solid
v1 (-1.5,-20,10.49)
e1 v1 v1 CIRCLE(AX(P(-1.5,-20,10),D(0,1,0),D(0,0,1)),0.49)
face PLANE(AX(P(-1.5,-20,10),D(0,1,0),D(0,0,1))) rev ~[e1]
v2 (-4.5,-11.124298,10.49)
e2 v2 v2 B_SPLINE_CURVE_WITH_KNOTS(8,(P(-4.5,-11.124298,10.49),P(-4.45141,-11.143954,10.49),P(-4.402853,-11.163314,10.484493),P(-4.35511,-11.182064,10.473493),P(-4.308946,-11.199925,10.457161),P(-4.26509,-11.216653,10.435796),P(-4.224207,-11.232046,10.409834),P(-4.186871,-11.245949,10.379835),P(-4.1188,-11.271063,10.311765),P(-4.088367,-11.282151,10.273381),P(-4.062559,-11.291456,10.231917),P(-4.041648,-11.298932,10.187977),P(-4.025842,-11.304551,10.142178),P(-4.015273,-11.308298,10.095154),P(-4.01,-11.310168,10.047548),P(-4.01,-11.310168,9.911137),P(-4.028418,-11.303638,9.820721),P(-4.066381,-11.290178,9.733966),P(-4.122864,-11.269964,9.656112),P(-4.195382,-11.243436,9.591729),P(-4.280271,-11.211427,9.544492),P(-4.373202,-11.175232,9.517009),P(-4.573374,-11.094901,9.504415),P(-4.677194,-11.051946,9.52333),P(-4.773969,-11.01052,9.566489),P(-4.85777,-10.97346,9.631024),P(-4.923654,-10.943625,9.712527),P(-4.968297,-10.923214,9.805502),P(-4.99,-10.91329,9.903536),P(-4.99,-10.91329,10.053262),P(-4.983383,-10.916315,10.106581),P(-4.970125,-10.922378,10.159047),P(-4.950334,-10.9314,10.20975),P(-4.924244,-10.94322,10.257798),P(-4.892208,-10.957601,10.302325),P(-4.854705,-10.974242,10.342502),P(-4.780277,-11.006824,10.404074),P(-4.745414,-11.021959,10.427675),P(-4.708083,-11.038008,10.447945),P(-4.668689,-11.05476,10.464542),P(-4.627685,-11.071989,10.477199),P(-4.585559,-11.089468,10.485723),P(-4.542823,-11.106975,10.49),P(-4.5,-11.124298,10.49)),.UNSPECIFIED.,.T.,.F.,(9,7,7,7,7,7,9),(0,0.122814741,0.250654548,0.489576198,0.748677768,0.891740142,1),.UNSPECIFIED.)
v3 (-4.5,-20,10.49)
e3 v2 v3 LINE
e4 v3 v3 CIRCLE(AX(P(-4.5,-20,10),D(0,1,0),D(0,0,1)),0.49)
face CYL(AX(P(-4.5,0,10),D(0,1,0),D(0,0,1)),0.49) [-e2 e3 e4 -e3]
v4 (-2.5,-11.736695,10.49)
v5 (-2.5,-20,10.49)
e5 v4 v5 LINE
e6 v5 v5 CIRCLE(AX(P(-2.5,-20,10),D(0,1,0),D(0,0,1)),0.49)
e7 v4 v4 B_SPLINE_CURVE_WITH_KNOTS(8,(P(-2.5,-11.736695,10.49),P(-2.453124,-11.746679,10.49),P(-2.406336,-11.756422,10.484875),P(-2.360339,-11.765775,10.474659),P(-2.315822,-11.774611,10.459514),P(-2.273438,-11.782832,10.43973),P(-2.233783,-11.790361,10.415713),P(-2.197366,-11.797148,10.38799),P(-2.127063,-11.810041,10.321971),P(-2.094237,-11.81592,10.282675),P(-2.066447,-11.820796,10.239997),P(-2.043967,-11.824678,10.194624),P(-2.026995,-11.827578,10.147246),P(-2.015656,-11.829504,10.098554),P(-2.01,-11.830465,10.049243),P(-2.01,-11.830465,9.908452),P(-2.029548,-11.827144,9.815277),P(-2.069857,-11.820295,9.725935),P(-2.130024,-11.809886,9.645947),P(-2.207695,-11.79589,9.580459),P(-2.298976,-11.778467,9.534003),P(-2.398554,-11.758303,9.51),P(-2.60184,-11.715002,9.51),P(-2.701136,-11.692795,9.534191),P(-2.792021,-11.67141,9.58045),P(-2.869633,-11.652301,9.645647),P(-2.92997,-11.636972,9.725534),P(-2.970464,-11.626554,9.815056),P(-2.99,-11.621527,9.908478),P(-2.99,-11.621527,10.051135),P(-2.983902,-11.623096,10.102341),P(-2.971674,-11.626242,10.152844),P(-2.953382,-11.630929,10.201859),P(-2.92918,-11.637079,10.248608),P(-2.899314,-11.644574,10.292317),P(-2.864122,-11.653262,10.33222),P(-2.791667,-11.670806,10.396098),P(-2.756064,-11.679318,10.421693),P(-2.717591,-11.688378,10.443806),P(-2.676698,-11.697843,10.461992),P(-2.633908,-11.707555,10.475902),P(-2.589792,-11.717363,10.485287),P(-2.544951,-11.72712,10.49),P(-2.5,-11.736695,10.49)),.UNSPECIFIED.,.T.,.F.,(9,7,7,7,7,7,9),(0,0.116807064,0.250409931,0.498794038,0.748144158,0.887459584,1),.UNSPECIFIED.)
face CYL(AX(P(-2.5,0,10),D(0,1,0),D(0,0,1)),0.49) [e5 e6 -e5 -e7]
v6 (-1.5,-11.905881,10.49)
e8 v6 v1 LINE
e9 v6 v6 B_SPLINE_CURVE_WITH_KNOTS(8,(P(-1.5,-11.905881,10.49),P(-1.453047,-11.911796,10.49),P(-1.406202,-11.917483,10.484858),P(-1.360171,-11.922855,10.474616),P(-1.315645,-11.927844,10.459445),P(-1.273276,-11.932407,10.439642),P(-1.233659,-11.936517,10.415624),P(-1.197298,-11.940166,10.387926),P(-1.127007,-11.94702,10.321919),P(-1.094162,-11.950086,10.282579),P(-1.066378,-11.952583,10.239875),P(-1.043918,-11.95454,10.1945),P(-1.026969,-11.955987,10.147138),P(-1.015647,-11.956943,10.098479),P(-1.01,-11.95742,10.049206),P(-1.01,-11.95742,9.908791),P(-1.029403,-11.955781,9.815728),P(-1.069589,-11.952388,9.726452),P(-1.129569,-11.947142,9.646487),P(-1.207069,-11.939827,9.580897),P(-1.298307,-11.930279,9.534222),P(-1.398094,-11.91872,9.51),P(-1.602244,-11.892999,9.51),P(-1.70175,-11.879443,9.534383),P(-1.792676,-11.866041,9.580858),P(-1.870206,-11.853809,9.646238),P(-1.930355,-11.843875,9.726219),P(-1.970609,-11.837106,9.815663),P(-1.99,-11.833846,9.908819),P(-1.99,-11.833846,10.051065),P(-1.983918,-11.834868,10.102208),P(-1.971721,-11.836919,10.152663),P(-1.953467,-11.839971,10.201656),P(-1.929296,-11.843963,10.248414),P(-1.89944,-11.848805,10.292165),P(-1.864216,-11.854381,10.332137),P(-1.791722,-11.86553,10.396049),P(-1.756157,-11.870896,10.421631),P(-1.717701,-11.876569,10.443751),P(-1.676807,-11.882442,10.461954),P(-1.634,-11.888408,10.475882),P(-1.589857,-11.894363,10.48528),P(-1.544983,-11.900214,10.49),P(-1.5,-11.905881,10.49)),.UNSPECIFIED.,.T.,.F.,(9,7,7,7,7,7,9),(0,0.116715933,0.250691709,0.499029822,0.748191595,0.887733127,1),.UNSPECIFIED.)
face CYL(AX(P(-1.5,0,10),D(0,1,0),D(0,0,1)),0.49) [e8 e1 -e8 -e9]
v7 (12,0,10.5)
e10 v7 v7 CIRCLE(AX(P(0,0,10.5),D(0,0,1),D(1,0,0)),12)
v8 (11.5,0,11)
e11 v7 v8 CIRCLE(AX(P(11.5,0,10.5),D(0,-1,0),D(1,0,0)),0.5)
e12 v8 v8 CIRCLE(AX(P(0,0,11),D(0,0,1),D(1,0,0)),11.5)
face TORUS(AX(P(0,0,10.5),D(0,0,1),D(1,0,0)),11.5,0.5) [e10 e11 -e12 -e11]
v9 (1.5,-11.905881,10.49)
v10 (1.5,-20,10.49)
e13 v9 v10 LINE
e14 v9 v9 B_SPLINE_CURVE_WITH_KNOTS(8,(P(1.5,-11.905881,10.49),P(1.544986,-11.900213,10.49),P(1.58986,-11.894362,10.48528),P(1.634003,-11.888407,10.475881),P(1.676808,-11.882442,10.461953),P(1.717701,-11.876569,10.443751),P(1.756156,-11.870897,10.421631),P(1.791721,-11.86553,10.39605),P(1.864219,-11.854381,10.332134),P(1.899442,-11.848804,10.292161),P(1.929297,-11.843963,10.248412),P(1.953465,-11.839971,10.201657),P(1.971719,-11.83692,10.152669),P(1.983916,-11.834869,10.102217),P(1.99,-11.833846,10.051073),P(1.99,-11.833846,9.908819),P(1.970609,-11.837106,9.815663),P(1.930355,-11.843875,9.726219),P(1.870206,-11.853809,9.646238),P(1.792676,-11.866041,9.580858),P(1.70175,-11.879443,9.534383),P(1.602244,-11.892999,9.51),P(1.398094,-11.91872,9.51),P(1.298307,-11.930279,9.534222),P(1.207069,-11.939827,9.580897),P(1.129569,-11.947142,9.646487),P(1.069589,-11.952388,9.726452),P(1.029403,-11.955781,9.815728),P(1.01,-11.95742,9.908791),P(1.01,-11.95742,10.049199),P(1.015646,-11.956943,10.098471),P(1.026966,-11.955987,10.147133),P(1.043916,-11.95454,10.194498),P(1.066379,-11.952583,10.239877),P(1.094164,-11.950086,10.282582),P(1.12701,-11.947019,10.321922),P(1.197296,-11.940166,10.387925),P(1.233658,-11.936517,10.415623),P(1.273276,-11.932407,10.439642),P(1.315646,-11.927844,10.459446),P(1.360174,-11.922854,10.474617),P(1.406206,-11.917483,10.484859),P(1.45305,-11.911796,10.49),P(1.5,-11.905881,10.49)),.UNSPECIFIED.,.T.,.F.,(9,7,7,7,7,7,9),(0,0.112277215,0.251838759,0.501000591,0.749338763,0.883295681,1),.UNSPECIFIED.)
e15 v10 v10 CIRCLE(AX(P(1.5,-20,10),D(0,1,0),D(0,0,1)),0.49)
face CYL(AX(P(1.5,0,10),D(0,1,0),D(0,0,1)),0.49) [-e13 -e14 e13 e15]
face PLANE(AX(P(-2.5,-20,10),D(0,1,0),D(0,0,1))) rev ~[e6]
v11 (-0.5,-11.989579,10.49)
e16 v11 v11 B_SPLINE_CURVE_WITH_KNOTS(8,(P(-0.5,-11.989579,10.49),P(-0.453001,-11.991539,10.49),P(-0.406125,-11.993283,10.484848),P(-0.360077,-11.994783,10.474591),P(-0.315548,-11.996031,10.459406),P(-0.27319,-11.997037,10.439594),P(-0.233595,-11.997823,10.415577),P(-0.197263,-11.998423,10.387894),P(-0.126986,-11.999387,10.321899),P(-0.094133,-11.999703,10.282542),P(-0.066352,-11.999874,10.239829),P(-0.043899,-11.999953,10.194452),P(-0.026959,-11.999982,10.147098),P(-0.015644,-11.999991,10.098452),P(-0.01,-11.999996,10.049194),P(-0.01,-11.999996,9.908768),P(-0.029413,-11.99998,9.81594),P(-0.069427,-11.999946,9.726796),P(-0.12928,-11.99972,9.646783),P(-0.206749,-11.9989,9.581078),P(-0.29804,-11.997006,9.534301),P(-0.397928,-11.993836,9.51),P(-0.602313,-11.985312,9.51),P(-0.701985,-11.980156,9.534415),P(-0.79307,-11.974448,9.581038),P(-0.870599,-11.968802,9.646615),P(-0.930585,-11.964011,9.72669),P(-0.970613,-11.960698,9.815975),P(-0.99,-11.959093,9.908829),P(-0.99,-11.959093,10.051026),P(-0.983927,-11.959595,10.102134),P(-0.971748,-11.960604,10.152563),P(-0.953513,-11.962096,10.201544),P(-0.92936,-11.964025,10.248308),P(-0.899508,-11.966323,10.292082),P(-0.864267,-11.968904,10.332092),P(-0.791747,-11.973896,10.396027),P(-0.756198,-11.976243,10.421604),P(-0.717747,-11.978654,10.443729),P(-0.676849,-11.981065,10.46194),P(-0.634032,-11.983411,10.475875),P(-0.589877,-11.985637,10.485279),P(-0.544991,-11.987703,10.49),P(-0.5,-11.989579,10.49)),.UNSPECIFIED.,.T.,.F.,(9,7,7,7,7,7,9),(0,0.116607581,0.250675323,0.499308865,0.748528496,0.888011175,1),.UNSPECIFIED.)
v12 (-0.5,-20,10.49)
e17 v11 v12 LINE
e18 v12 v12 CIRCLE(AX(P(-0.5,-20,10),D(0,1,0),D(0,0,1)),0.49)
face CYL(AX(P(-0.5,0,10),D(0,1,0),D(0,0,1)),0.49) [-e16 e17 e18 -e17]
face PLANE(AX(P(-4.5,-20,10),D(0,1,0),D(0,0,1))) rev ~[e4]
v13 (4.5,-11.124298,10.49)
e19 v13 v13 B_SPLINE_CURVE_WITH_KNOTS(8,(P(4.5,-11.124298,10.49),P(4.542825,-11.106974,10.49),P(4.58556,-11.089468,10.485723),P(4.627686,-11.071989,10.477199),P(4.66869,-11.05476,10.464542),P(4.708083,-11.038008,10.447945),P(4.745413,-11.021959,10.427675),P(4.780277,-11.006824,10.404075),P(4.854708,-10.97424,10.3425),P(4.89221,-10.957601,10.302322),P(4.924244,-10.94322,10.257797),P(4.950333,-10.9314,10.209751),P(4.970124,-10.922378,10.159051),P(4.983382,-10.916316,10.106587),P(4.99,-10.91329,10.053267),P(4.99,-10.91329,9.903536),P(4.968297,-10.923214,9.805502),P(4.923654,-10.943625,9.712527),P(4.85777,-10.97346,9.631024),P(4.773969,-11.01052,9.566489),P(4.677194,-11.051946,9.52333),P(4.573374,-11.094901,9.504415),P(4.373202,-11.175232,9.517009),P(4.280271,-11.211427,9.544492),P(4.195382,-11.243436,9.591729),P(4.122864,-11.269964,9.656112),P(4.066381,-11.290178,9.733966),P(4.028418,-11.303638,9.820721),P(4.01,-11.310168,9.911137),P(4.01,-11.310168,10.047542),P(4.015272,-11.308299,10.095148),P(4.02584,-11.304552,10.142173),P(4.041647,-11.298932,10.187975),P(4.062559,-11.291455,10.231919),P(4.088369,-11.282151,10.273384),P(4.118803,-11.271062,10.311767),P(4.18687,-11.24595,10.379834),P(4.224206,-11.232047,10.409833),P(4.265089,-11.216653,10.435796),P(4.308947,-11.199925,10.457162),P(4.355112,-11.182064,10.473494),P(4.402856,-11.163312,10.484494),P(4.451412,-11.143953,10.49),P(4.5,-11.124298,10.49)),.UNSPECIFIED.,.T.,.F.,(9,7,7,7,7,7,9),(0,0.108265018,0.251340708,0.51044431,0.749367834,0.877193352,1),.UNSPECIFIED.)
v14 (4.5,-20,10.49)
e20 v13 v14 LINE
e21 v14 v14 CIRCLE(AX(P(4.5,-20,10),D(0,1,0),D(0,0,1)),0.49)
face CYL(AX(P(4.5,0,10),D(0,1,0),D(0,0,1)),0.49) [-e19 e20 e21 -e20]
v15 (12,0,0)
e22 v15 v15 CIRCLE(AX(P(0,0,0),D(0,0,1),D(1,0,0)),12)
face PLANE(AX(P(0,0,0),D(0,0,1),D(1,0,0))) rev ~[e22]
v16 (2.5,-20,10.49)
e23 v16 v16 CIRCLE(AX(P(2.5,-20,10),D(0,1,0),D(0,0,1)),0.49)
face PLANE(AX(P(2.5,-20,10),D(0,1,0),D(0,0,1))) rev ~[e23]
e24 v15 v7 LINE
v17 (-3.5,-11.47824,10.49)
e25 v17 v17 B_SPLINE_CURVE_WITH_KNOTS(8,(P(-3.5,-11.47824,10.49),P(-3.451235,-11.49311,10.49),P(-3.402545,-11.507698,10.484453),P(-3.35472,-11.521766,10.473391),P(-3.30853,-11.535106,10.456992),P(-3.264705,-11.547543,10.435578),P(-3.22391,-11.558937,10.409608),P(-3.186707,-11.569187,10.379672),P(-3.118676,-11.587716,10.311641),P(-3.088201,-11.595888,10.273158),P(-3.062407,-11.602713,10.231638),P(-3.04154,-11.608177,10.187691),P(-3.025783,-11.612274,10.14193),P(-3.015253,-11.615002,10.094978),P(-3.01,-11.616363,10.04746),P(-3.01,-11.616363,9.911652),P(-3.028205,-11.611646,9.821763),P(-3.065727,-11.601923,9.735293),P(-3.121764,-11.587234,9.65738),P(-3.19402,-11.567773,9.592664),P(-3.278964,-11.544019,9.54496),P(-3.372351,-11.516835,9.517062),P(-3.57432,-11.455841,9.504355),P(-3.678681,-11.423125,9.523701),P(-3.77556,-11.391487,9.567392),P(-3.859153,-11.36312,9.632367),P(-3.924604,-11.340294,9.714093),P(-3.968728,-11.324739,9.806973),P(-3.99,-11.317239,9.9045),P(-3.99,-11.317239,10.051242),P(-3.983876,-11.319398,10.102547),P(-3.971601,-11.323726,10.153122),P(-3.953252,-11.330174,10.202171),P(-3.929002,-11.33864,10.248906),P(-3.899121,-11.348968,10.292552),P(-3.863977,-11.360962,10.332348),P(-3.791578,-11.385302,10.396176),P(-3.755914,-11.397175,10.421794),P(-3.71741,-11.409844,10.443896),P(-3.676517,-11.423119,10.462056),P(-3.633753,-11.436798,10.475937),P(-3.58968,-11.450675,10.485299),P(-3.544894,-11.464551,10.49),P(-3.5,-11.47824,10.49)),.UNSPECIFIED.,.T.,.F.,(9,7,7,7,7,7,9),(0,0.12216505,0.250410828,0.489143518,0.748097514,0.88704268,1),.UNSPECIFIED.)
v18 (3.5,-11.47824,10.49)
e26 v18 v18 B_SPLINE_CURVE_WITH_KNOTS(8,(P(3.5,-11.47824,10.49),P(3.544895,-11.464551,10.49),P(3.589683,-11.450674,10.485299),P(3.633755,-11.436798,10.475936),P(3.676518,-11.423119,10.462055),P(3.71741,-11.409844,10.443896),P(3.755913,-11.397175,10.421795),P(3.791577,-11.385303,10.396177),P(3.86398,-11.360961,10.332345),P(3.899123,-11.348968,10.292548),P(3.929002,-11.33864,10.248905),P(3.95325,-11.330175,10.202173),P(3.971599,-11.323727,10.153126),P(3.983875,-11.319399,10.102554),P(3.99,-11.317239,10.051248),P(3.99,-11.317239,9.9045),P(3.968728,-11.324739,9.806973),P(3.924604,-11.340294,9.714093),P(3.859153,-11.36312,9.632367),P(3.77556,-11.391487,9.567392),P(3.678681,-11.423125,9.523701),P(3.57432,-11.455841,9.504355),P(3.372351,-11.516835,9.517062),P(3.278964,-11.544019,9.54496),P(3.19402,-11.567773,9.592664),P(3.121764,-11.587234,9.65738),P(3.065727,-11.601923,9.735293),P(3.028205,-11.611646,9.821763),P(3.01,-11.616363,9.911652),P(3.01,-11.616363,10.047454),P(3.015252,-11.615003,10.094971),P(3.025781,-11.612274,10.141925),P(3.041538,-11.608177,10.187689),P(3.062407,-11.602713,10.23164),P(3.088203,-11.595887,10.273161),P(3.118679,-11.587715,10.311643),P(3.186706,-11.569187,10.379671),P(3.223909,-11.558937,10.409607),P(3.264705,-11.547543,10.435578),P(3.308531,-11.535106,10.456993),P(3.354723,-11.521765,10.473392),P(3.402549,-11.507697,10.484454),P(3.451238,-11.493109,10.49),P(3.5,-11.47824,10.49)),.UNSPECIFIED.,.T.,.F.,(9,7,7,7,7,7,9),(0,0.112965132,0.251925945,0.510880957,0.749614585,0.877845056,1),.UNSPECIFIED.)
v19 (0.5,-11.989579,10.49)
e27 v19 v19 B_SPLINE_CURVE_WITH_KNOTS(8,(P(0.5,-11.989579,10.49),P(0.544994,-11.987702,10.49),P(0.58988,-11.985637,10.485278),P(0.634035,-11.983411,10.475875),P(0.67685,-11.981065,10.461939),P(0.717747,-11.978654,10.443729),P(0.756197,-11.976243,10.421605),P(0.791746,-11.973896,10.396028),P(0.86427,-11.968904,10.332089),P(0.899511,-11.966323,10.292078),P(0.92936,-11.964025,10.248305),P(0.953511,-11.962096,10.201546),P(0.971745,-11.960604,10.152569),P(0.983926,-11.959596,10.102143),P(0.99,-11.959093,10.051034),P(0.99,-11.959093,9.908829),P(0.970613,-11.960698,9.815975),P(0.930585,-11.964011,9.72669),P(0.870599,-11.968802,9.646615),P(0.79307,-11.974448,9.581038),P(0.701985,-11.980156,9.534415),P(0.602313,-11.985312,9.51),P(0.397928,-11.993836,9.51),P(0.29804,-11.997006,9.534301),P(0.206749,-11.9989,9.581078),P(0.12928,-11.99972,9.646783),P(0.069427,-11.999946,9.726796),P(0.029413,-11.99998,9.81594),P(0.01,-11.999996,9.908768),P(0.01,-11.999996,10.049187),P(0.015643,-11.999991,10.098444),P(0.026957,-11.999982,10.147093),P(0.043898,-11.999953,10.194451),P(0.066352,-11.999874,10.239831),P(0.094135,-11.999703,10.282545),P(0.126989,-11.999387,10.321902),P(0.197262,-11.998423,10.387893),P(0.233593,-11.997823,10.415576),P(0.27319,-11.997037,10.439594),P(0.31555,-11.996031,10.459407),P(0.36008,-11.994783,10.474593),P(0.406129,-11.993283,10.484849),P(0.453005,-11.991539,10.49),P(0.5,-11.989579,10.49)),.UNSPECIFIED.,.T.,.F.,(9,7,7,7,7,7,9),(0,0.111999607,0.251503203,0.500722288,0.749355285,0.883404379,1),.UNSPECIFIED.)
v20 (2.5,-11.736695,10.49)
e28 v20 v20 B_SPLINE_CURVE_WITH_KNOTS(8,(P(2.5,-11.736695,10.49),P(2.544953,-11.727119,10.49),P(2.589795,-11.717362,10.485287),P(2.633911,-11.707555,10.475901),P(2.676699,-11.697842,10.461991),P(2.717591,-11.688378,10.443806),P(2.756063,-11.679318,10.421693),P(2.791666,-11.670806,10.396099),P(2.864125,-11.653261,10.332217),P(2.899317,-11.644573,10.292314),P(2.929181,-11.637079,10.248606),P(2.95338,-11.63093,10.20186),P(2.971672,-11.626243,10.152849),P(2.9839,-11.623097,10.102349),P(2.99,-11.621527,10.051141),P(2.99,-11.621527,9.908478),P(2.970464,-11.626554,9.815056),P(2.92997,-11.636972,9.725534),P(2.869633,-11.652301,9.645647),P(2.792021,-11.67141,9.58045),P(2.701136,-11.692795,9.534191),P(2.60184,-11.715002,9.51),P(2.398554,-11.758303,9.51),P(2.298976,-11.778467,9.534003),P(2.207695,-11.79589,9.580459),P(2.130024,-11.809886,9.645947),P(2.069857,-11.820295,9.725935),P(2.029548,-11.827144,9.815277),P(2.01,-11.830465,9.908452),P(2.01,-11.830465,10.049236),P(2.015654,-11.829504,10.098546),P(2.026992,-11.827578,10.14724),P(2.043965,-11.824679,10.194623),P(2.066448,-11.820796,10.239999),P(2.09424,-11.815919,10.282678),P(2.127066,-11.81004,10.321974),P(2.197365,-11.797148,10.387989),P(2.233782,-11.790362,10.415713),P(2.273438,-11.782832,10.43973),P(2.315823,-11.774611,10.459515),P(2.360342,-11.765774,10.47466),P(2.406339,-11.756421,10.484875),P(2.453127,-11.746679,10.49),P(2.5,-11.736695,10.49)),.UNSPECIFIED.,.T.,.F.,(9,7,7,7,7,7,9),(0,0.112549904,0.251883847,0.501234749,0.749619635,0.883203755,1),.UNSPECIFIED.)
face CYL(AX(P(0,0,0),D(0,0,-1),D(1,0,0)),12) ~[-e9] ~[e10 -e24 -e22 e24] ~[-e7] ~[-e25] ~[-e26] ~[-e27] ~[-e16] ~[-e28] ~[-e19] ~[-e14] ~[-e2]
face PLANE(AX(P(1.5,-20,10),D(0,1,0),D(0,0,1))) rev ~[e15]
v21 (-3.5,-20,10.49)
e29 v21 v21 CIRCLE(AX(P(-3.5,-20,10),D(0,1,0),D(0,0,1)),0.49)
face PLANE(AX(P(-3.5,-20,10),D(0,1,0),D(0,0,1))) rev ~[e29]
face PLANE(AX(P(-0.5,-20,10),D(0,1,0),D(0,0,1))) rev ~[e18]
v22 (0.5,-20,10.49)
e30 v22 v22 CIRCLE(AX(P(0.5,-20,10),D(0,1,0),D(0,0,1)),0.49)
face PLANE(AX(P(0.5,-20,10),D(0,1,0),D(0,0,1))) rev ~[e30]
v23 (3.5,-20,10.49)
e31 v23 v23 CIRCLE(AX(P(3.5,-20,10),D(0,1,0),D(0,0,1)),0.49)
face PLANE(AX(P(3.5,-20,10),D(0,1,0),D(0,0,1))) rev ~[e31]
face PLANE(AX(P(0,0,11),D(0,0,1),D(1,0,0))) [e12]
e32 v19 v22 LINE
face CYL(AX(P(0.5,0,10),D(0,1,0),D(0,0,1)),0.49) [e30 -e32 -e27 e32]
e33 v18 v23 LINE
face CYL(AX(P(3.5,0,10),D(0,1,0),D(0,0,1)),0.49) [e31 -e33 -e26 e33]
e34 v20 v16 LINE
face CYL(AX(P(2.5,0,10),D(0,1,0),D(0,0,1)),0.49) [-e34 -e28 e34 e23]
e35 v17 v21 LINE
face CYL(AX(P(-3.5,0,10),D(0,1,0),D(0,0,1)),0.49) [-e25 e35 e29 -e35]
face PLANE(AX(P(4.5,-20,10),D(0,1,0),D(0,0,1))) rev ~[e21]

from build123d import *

# Parameters (mm, degrees)
ESQUISSE1_R        = 12
BOSS_EXTRU_1_DEPTH = 11
CONG_1_R           = 0.5
ESQUISSE2_R        = 0.49
BOSS_EXTRU_2_DEPTH = 20


with BuildPart() as part:
    # Esquisse1 → Boss.-Extru.1 (new body)
    with BuildSketch(Plane.XY):
        Circle(ESQUISSE1_R)
    extrude(amount=BOSS_EXTRU_1_DEPTH)

    # Congé1
    cong_1_edges = [part.edges().sort_by_distance(p)[0] for p in [
        (-12, 0, 11),
    ]]
    fillet(cong_1_edges, radius=CONG_1_R)

    # Esquisse2 → Boss.-Extru.2 (add)
    with BuildSketch(Plane(origin=(0, 0, 0), x_dir=(1, 0, 0), z_dir=(0, 1, 0))):
        with Locations(Location((0.5, -10, 0), (0, 0, 270))):
            Circle(ESQUISSE2_R)
        with Locations(Location((1.5, -10, 0), (0, 0, 270))):
            Circle(ESQUISSE2_R)
        with Locations(Location((2.5, -10, 0), (0, 0, 270))):
            Circle(ESQUISSE2_R)
        with Locations(Location((3.5, -10, 0), (0, 0, 270))):
            Circle(ESQUISSE2_R)
        with Locations(Location((4.5, -10, 0), (0, 0, 270))):
            Circle(ESQUISSE2_R)
        with Locations(Location((-0.5, -10, 0), (0, 0, 270))):
            Circle(ESQUISSE2_R)
        with Locations(Location((-1.5, -10, 0), (0, 0, 270))):
            Circle(ESQUISSE2_R)
        with Locations(Location((-2.5, -10, 0), (0, 0, 270))):
            Circle(ESQUISSE2_R)
        with Locations(Location((-3.5, -10, 0), (0, 0, 270))):
            Circle(ESQUISSE2_R)
        with Locations(Location((-4.5, -10, 0), (0, 0, 270))):
            Circle(ESQUISSE2_R)
    extrude(amount=-BOSS_EXTRU_2_DEPTH)


solid = part.part
